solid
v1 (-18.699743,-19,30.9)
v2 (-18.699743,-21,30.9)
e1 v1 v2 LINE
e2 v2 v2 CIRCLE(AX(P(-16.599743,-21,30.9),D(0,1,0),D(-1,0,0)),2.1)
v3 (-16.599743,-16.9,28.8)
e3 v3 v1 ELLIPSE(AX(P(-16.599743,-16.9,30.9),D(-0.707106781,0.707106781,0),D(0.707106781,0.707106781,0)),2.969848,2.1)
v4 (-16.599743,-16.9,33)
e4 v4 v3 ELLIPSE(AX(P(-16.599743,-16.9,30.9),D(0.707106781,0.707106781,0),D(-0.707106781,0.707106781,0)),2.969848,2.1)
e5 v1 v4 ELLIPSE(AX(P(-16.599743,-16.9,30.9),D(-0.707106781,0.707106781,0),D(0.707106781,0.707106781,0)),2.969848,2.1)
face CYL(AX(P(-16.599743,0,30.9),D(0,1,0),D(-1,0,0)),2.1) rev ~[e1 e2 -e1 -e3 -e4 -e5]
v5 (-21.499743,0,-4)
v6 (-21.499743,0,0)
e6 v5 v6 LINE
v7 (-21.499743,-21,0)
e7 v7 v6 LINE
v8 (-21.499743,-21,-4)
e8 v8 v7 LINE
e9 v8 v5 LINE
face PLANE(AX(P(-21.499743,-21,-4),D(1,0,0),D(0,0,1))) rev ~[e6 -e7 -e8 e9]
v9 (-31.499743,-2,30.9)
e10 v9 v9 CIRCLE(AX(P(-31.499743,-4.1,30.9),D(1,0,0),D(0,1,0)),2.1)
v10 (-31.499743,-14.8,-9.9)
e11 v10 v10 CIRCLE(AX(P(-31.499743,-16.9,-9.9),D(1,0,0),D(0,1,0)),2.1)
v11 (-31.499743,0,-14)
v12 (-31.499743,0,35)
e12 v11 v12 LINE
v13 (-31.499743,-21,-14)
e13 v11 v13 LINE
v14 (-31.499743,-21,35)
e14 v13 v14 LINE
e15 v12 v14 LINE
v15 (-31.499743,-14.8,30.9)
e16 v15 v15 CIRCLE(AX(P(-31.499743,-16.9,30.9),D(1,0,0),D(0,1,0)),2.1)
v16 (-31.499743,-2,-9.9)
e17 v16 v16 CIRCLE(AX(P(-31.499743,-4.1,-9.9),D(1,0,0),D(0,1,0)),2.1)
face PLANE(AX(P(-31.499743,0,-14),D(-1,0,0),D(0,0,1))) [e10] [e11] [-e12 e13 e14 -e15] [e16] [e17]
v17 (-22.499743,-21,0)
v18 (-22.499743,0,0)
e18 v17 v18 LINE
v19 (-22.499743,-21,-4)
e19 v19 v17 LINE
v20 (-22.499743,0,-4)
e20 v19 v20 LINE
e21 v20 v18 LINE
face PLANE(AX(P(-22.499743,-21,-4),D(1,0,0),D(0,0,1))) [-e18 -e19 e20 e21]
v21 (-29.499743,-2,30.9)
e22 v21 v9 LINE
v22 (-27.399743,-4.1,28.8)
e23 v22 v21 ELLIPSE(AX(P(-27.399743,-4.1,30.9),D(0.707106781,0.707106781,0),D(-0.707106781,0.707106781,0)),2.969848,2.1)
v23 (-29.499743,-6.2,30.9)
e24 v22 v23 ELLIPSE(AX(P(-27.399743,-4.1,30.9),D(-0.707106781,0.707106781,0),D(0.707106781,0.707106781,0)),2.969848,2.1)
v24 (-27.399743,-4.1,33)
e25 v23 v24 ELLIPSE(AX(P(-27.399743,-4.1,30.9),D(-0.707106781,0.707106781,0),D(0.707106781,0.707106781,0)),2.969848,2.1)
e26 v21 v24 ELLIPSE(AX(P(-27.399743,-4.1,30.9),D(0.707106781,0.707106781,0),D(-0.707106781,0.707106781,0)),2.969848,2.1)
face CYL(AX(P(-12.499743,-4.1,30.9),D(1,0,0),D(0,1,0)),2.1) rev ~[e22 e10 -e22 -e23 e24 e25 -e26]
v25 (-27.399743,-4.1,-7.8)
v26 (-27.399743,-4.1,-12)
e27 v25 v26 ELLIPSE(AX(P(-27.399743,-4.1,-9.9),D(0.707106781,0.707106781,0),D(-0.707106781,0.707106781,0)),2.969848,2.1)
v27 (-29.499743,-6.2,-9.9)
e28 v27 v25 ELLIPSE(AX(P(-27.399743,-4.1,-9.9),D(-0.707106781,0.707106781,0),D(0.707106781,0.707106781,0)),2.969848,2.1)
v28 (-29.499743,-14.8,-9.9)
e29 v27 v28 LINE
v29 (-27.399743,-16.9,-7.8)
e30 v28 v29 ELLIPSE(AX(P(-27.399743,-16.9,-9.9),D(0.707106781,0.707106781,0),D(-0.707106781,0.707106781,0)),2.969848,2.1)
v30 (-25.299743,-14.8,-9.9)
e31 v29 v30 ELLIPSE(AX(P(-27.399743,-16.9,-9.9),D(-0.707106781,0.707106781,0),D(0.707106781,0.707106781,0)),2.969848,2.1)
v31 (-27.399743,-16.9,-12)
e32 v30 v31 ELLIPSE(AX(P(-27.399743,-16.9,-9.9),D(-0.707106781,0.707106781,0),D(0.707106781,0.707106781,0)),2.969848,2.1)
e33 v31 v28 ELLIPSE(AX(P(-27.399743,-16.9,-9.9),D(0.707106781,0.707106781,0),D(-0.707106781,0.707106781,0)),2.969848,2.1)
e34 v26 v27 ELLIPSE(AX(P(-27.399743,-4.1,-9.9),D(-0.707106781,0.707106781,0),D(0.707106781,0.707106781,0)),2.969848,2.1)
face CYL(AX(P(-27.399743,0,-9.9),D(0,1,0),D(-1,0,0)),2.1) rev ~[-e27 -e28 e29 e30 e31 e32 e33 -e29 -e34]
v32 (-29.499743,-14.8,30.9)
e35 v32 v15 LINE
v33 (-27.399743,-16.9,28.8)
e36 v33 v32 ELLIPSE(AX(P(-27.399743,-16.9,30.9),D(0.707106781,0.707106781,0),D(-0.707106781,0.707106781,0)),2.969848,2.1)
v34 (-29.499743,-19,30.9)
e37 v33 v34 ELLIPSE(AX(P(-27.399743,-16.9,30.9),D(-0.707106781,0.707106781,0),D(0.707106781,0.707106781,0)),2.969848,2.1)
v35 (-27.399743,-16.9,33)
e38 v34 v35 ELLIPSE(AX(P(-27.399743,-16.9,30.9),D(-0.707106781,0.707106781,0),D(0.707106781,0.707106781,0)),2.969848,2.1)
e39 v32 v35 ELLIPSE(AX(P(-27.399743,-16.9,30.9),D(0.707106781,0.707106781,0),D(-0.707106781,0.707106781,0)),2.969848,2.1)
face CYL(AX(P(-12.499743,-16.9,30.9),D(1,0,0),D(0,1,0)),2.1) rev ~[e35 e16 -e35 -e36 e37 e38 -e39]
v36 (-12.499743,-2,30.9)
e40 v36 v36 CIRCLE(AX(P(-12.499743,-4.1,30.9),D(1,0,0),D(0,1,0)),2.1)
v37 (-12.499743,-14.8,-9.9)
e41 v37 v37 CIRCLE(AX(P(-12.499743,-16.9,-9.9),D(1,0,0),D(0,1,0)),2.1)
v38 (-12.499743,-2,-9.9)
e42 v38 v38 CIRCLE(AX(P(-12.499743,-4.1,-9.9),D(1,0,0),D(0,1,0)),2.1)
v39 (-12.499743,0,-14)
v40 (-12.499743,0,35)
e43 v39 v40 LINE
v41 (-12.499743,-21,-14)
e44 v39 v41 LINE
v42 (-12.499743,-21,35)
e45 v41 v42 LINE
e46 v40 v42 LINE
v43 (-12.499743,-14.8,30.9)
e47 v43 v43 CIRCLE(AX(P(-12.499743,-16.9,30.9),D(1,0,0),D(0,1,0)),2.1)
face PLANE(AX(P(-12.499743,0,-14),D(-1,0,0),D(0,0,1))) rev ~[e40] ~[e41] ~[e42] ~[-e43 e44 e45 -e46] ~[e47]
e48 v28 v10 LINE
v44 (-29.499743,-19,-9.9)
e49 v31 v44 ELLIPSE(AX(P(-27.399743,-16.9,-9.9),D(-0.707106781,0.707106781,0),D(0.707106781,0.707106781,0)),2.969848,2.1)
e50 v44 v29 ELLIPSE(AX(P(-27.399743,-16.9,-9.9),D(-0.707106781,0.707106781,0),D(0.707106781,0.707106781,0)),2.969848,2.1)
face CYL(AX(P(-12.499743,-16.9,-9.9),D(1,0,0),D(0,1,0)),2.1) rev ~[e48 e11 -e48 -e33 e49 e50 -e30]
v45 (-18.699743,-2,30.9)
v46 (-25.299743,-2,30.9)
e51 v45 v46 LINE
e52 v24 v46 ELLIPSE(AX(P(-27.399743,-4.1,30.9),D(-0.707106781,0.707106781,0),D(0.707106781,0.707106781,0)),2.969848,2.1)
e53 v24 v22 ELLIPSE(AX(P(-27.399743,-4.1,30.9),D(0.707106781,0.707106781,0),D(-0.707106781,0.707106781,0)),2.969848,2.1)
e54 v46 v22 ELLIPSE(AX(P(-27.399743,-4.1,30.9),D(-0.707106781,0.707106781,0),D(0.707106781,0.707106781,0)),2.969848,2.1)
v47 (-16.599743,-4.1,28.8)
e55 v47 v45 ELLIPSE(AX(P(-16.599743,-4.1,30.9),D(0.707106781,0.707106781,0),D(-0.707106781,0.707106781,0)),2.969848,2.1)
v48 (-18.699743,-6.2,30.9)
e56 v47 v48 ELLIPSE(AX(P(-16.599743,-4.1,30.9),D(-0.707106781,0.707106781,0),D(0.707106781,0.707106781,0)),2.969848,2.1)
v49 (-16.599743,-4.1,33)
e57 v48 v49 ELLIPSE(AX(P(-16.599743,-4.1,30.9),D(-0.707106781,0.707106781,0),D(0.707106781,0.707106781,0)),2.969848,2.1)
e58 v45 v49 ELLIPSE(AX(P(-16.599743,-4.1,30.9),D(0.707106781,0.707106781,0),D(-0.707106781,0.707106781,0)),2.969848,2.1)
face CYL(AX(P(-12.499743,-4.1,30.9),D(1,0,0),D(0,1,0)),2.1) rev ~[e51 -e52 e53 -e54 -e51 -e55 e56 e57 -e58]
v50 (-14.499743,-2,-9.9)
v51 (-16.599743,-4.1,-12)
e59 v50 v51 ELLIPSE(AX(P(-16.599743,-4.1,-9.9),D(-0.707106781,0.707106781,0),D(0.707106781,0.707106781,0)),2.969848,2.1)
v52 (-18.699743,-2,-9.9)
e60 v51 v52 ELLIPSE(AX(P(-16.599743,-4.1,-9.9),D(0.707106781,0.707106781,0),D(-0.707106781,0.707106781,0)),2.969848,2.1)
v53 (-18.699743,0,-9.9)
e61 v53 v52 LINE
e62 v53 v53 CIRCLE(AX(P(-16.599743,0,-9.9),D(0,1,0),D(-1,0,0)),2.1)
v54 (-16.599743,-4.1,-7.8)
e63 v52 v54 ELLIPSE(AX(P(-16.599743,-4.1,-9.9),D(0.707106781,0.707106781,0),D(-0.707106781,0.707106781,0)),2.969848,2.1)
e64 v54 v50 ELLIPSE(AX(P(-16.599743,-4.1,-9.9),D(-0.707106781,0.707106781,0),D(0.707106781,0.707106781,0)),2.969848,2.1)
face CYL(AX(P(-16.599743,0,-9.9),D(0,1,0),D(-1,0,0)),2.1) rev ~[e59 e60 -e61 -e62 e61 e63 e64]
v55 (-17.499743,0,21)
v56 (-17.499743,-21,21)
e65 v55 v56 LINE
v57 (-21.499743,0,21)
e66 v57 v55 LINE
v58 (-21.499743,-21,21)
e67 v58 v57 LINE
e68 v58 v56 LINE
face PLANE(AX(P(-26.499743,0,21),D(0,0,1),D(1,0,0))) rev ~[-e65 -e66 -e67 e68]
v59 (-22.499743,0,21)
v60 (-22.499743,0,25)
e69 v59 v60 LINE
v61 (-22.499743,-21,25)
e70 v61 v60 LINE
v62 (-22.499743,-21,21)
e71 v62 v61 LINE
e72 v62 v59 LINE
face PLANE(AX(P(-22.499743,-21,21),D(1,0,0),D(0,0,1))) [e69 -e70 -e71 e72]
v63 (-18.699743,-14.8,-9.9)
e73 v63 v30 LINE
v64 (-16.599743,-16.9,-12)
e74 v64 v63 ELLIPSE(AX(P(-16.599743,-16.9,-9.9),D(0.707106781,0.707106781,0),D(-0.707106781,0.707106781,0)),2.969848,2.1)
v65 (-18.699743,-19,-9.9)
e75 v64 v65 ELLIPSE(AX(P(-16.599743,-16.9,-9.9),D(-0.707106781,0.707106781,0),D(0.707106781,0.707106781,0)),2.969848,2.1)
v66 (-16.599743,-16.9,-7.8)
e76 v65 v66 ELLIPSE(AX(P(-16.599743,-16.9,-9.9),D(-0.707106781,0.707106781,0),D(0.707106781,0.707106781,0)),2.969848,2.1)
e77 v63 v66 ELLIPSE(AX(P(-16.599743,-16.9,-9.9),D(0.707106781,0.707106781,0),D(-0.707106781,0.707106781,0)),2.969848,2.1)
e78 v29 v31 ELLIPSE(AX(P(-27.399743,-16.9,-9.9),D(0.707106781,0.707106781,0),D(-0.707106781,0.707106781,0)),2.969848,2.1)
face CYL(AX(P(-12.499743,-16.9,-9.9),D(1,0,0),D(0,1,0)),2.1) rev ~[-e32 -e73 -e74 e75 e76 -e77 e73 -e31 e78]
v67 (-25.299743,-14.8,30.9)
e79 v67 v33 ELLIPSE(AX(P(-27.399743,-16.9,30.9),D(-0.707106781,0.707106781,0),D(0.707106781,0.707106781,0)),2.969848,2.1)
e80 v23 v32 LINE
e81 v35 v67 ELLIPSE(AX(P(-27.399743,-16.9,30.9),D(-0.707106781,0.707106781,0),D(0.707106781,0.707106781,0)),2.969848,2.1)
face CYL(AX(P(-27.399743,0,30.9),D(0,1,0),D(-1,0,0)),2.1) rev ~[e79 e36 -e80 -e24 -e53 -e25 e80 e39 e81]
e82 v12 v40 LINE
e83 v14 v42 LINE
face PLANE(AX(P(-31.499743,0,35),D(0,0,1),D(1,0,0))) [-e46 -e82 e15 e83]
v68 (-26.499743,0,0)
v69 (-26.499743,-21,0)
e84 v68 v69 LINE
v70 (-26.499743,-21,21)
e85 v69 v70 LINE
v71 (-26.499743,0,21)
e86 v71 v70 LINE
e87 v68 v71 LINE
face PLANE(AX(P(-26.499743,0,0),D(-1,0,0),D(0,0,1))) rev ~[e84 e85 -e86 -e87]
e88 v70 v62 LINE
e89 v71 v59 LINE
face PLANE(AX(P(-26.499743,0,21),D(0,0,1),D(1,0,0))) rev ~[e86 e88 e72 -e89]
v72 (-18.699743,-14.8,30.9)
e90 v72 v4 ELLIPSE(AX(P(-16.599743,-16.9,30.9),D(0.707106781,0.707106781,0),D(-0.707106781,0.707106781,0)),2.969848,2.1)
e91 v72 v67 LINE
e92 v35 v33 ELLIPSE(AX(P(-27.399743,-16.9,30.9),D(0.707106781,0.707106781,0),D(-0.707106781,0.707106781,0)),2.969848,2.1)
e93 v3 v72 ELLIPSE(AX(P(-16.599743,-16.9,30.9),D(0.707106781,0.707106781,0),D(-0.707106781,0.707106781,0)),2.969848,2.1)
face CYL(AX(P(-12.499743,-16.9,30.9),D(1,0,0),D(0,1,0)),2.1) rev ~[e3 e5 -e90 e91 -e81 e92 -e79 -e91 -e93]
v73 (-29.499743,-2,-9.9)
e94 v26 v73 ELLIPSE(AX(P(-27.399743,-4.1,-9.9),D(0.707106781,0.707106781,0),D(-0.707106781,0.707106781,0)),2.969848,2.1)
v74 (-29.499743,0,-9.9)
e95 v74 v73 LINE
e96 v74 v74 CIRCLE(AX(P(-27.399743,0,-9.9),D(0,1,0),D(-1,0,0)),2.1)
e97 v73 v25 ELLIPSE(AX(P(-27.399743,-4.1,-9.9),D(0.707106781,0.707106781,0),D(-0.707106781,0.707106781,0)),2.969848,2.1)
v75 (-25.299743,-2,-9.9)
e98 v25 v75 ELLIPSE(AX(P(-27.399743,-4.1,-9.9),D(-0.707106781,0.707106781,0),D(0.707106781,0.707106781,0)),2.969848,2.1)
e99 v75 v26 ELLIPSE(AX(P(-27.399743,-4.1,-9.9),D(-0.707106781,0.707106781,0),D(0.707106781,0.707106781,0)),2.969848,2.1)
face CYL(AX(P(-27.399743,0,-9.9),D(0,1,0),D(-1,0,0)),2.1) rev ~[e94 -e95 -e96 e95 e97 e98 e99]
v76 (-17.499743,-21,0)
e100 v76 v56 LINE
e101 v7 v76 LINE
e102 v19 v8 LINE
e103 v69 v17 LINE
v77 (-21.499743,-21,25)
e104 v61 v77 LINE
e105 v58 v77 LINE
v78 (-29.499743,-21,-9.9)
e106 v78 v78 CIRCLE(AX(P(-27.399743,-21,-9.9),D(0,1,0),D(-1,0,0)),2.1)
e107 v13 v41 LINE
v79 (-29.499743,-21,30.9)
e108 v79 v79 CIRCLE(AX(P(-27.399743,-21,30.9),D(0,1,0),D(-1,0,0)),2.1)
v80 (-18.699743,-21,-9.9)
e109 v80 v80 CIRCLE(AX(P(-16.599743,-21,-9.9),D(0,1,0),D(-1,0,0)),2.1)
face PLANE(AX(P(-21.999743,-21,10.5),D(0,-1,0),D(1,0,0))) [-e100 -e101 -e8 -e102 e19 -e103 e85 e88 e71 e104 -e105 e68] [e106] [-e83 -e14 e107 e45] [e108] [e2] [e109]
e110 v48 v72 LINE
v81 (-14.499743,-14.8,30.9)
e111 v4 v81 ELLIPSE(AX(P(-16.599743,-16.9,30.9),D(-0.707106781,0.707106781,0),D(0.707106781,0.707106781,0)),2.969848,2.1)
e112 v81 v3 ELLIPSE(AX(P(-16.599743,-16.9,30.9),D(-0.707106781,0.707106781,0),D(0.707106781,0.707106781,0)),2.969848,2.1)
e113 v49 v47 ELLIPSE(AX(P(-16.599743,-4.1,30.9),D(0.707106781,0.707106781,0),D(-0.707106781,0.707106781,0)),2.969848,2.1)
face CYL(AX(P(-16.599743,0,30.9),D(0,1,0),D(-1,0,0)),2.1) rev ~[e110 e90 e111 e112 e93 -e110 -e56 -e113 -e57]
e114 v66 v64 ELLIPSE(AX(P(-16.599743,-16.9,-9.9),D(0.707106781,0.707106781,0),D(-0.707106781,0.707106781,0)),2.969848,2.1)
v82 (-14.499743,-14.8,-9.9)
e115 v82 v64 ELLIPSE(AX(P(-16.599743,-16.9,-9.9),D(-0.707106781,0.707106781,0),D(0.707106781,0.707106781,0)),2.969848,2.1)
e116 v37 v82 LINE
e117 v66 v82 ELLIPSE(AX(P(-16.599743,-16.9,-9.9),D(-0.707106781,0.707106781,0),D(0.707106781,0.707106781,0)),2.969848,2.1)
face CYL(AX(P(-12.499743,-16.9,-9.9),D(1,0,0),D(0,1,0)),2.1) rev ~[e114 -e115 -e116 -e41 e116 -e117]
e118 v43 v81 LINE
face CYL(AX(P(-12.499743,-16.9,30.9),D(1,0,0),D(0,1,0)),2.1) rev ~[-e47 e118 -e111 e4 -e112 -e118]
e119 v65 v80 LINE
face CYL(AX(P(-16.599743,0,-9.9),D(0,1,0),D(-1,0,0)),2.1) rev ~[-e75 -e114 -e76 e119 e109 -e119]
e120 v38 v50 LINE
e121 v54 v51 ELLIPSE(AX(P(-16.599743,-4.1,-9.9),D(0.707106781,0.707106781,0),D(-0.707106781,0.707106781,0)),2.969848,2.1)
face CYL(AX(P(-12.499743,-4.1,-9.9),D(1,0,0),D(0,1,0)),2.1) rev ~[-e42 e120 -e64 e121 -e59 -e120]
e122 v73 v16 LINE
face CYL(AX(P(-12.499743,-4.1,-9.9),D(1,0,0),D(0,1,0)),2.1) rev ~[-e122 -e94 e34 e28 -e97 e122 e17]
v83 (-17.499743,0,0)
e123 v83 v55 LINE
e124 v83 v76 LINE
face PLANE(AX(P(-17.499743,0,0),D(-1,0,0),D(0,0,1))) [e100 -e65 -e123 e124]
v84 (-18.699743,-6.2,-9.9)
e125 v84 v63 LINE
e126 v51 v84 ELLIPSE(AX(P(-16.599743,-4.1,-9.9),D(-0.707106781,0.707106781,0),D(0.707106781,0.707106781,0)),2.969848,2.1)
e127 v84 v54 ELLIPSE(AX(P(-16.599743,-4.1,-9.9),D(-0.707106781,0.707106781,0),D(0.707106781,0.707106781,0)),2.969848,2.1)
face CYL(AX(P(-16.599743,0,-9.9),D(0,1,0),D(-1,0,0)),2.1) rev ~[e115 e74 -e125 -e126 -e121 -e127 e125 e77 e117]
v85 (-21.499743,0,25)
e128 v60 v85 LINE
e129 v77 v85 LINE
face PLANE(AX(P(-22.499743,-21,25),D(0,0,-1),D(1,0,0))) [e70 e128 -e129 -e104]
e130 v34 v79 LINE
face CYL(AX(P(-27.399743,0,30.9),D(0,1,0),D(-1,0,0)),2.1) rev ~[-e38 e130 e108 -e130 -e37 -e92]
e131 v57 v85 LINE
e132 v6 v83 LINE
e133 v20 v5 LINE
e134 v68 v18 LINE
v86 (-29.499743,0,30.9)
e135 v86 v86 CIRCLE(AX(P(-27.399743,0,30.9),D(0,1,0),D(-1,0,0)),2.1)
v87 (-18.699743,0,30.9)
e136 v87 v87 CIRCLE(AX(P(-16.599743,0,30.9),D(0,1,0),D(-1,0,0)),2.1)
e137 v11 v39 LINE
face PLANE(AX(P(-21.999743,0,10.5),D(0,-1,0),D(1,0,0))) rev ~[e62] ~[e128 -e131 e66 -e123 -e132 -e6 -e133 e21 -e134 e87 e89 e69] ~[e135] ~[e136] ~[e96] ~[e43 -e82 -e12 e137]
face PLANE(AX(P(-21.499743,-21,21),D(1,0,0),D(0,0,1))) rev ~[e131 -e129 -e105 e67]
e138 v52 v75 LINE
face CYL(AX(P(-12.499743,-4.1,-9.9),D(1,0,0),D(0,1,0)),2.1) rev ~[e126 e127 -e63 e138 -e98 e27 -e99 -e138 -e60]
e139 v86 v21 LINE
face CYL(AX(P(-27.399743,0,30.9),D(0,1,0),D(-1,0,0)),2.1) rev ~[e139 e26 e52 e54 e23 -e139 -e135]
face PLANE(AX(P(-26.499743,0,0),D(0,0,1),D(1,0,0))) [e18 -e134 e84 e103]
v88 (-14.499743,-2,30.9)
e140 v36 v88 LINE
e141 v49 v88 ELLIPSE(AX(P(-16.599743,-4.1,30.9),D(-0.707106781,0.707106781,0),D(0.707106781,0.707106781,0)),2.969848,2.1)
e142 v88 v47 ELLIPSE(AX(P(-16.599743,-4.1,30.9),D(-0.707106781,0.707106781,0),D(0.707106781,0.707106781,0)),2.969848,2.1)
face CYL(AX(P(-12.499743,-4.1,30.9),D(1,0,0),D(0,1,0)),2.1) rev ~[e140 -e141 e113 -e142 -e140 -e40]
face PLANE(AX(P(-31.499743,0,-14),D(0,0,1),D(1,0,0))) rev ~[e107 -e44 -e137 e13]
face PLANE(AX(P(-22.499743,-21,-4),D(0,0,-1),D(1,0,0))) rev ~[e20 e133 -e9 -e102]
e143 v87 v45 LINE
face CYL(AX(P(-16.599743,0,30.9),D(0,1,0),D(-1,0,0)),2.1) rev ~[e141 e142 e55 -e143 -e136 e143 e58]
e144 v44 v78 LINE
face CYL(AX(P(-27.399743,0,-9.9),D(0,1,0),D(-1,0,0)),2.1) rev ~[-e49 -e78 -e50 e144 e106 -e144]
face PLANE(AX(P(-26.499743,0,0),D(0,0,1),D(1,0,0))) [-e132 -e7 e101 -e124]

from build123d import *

# Parameters (mm, degrees)
F0_W     = 19
F0_H     = 49
F0_W_2   = 9
F0_H_2   = 21
F1_DEPTH = 21
F2_W     = 1
F2_H     = 4
F3_DEPTH = 25
F4_R     = 2.1
F5_DEPTH = 25
F6_R     = 2.1
F7_DEPTH = 25


with BuildPart() as f1:
    # F0 (on Front) → F1 (new body)
    with BuildSketch(Plane.XZ):
        with Locations((-21.999743, 10.5)):
            Rectangle(F0_W, F0_H)
        with Locations((-21.999743, 10.5)):
            Rectangle(F0_W_2, F0_H_2, mode=Mode.SUBTRACT)
    extrude(amount=F1_DEPTH)

    # F2 (on face) → F3 (cut)
    with BuildSketch(Plane.XZ.offset(21)):
        with Locations((-21.999743, 23)):
            Rectangle(F2_W, F2_H)
        with Locations((-21.999743, -2)):
            Rectangle(F2_W, F2_H)
    extrude(amount=-F3_DEPTH, mode=Mode.SUBTRACT)

    # F4 (on face) → F5 (cut)
    with BuildSketch(Plane(origin=(0, 0, 0), x_dir=(-1, 0, 0), z_dir=(0, 1, 0))):
        with Locations((16.599743, 30.9)):
            Circle(F4_R)
        with Locations((16.599743, -9.9)):
            Circle(F4_R)
        with Locations((27.399743, -9.9)):
            Circle(F4_R)
        with Locations((27.399743, 30.9)):
            Circle(F4_R)
    extrude(amount=-F5_DEPTH, mode=Mode.SUBTRACT)

    # F6 (on face) → F7 (cut)
    with BuildSketch(Plane.YZ.offset(-12.499743)):
        with Locations((-16.9, 30.9)):
            Circle(F6_R)
        with Locations((-16.9, -9.9)):
            Circle(F6_R)
        with Locations((-4.1, 30.9)):
            Circle(F6_R)
        with Locations((-4.1, -9.9)):
            Circle(F6_R)
    extrude(amount=-F7_DEPTH, mode=Mode.SUBTRACT)


solid = f1.part
